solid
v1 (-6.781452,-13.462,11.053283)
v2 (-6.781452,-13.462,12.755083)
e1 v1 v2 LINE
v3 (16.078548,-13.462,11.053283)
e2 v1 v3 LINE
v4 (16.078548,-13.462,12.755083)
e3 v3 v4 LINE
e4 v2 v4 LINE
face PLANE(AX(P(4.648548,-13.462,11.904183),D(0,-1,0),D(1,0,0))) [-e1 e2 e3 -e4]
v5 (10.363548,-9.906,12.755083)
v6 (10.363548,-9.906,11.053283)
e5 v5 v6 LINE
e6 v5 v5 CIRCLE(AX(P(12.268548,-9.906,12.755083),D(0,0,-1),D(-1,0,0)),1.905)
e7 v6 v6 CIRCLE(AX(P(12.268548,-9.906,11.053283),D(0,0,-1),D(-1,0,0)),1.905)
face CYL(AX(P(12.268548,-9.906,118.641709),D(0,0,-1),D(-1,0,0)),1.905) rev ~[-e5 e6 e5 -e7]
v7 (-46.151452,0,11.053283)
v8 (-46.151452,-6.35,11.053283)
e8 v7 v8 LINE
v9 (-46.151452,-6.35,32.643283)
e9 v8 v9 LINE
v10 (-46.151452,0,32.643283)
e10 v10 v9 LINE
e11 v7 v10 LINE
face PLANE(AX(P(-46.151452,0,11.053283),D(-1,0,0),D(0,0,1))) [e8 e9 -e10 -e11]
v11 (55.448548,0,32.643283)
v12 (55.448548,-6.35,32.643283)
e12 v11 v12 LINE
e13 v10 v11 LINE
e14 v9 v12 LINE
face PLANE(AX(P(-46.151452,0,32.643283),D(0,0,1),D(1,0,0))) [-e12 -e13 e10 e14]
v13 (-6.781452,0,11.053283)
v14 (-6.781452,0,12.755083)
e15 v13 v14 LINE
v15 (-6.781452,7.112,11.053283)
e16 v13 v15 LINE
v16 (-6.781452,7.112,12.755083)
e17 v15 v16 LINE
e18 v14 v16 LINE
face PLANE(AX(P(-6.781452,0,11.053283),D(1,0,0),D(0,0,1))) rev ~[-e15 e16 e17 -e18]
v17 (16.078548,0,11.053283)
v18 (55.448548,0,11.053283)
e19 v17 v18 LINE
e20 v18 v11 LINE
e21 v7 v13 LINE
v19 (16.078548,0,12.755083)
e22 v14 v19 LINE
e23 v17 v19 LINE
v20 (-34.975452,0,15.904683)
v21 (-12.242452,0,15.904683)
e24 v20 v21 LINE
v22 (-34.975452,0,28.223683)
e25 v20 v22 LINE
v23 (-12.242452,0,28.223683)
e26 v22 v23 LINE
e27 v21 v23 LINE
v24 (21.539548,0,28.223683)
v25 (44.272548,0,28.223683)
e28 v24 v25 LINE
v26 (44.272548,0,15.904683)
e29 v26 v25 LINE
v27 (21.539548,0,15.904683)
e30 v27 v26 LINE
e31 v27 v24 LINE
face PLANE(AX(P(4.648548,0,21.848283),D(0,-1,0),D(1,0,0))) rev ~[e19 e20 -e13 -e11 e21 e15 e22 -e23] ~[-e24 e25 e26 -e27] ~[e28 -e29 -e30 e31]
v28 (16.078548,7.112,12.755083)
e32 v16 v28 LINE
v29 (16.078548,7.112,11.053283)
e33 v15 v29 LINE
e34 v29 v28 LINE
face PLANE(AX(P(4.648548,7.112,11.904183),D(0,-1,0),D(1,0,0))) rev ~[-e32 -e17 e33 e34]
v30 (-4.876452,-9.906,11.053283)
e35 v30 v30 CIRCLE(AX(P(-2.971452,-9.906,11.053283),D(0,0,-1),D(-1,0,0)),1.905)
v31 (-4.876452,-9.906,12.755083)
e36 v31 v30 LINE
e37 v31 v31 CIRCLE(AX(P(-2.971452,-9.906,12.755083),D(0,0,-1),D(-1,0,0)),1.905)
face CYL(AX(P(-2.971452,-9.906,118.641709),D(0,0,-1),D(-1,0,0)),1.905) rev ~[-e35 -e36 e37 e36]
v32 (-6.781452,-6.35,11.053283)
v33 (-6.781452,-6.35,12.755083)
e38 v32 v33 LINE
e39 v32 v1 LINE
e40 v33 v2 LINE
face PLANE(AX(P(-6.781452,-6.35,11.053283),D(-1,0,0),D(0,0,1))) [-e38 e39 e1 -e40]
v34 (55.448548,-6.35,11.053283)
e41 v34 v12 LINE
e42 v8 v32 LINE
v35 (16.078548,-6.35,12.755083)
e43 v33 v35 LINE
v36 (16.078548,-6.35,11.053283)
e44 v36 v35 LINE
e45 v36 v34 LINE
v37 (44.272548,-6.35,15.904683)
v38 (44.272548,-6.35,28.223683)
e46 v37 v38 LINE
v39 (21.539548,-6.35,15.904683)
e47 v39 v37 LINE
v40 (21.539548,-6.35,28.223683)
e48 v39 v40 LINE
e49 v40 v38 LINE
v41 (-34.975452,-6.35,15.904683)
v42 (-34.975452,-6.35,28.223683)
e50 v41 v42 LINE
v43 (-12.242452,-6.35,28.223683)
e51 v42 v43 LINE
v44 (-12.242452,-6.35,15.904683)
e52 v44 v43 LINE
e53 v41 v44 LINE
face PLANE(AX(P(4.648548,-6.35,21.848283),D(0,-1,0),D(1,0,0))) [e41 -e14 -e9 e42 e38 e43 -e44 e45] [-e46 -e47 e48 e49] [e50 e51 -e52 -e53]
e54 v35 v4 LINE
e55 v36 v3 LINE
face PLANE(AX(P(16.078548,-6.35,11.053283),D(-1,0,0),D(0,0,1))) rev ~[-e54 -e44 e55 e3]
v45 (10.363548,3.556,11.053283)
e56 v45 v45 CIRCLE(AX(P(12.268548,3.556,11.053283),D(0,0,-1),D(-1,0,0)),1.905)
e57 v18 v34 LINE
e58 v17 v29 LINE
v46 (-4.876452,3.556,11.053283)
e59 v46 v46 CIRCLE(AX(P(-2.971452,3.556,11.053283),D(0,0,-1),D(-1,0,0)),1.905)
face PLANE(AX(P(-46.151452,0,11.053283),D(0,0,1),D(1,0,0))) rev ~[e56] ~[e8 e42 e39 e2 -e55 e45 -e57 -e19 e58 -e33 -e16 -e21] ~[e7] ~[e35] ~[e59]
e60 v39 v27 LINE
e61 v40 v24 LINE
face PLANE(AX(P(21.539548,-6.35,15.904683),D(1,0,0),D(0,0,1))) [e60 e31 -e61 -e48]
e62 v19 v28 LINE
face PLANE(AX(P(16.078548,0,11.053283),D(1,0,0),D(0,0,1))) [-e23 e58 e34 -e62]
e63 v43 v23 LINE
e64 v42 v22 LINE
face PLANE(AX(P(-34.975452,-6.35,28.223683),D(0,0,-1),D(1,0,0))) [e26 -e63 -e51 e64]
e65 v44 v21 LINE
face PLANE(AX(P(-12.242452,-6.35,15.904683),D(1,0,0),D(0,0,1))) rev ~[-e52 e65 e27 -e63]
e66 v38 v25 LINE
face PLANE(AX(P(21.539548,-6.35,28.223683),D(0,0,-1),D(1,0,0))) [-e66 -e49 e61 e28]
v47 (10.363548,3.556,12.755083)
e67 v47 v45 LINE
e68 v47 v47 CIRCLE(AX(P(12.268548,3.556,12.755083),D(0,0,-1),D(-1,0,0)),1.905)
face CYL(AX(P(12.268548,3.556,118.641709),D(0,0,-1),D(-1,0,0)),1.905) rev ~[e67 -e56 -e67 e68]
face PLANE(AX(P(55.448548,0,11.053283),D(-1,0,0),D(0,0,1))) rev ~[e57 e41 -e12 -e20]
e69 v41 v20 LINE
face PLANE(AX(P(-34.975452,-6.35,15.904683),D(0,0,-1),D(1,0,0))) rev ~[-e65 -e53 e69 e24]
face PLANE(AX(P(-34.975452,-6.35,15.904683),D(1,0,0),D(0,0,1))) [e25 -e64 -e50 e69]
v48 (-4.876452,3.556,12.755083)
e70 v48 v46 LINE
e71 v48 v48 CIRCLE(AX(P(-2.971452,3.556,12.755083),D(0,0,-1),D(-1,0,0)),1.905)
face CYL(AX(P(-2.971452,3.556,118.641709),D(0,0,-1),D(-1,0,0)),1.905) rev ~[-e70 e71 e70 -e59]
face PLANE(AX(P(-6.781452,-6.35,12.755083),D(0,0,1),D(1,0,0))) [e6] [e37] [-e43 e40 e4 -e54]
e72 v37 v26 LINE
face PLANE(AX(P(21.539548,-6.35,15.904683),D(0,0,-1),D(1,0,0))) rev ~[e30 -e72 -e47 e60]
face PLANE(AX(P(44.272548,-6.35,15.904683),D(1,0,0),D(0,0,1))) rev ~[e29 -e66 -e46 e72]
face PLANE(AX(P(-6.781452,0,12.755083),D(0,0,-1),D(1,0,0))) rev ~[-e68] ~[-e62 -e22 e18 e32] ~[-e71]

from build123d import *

# Parameters (mm, degrees)
F0_W     = 101.6
F0_H     = 21.59
F1_DEPTH = 6.35
F2_W     = 22.733
F2_H     = 12.319
F3_DEPTH = 25.4
F4_W     = 22.86
F4_H     = 1.7018
F5_DEPTH = 7.112
F6_W     = 22.86
F6_H     = 1.7018
F7_DEPTH = 7.112
F9_D     = 3.81


with BuildPart() as f1:
    # F0 (on Front) → F1 (new body)
    with BuildSketch(Plane.XZ):
        with Locations((4.648548, 21.848283)):
            Rectangle(F0_W, F0_H)
    extrude(amount=F1_DEPTH)

    # F2 (on face) → F3 (cut)
    with BuildSketch(Plane.XZ.offset(6.35)):
        with Locations((-23.608952, 22.064183)):
            Rectangle(F2_W, F2_H)
        with Locations((32.906048, 22.064183)):
            Rectangle(F2_W, F2_H)
    extrude(amount=-F3_DEPTH, mode=Mode.SUBTRACT)

    # F4 (on face) → F5 (join)
    with BuildSketch(Plane.XZ.offset(6.35)):
        with Locations((4.648548, 11.904183)):
            Rectangle(F4_W, F4_H)
    extrude(amount=F5_DEPTH)

    # F6 (on Front) → F7 (join)
    with BuildSketch(Plane.XZ):
        with Locations((4.648548, 11.904183)):
            Rectangle(F6_W, F6_H)
    extrude(amount=-F7_DEPTH)

    # F9 (through all)
    with Locations(Plane.XY.offset(12.755083)):
        with Locations((-2.971452, 3.556), (12.268548, 3.556), (12.268548, -9.906), (-2.971452, -9.906)):
            Hole(F9_D / 2)


solid = f1.part
